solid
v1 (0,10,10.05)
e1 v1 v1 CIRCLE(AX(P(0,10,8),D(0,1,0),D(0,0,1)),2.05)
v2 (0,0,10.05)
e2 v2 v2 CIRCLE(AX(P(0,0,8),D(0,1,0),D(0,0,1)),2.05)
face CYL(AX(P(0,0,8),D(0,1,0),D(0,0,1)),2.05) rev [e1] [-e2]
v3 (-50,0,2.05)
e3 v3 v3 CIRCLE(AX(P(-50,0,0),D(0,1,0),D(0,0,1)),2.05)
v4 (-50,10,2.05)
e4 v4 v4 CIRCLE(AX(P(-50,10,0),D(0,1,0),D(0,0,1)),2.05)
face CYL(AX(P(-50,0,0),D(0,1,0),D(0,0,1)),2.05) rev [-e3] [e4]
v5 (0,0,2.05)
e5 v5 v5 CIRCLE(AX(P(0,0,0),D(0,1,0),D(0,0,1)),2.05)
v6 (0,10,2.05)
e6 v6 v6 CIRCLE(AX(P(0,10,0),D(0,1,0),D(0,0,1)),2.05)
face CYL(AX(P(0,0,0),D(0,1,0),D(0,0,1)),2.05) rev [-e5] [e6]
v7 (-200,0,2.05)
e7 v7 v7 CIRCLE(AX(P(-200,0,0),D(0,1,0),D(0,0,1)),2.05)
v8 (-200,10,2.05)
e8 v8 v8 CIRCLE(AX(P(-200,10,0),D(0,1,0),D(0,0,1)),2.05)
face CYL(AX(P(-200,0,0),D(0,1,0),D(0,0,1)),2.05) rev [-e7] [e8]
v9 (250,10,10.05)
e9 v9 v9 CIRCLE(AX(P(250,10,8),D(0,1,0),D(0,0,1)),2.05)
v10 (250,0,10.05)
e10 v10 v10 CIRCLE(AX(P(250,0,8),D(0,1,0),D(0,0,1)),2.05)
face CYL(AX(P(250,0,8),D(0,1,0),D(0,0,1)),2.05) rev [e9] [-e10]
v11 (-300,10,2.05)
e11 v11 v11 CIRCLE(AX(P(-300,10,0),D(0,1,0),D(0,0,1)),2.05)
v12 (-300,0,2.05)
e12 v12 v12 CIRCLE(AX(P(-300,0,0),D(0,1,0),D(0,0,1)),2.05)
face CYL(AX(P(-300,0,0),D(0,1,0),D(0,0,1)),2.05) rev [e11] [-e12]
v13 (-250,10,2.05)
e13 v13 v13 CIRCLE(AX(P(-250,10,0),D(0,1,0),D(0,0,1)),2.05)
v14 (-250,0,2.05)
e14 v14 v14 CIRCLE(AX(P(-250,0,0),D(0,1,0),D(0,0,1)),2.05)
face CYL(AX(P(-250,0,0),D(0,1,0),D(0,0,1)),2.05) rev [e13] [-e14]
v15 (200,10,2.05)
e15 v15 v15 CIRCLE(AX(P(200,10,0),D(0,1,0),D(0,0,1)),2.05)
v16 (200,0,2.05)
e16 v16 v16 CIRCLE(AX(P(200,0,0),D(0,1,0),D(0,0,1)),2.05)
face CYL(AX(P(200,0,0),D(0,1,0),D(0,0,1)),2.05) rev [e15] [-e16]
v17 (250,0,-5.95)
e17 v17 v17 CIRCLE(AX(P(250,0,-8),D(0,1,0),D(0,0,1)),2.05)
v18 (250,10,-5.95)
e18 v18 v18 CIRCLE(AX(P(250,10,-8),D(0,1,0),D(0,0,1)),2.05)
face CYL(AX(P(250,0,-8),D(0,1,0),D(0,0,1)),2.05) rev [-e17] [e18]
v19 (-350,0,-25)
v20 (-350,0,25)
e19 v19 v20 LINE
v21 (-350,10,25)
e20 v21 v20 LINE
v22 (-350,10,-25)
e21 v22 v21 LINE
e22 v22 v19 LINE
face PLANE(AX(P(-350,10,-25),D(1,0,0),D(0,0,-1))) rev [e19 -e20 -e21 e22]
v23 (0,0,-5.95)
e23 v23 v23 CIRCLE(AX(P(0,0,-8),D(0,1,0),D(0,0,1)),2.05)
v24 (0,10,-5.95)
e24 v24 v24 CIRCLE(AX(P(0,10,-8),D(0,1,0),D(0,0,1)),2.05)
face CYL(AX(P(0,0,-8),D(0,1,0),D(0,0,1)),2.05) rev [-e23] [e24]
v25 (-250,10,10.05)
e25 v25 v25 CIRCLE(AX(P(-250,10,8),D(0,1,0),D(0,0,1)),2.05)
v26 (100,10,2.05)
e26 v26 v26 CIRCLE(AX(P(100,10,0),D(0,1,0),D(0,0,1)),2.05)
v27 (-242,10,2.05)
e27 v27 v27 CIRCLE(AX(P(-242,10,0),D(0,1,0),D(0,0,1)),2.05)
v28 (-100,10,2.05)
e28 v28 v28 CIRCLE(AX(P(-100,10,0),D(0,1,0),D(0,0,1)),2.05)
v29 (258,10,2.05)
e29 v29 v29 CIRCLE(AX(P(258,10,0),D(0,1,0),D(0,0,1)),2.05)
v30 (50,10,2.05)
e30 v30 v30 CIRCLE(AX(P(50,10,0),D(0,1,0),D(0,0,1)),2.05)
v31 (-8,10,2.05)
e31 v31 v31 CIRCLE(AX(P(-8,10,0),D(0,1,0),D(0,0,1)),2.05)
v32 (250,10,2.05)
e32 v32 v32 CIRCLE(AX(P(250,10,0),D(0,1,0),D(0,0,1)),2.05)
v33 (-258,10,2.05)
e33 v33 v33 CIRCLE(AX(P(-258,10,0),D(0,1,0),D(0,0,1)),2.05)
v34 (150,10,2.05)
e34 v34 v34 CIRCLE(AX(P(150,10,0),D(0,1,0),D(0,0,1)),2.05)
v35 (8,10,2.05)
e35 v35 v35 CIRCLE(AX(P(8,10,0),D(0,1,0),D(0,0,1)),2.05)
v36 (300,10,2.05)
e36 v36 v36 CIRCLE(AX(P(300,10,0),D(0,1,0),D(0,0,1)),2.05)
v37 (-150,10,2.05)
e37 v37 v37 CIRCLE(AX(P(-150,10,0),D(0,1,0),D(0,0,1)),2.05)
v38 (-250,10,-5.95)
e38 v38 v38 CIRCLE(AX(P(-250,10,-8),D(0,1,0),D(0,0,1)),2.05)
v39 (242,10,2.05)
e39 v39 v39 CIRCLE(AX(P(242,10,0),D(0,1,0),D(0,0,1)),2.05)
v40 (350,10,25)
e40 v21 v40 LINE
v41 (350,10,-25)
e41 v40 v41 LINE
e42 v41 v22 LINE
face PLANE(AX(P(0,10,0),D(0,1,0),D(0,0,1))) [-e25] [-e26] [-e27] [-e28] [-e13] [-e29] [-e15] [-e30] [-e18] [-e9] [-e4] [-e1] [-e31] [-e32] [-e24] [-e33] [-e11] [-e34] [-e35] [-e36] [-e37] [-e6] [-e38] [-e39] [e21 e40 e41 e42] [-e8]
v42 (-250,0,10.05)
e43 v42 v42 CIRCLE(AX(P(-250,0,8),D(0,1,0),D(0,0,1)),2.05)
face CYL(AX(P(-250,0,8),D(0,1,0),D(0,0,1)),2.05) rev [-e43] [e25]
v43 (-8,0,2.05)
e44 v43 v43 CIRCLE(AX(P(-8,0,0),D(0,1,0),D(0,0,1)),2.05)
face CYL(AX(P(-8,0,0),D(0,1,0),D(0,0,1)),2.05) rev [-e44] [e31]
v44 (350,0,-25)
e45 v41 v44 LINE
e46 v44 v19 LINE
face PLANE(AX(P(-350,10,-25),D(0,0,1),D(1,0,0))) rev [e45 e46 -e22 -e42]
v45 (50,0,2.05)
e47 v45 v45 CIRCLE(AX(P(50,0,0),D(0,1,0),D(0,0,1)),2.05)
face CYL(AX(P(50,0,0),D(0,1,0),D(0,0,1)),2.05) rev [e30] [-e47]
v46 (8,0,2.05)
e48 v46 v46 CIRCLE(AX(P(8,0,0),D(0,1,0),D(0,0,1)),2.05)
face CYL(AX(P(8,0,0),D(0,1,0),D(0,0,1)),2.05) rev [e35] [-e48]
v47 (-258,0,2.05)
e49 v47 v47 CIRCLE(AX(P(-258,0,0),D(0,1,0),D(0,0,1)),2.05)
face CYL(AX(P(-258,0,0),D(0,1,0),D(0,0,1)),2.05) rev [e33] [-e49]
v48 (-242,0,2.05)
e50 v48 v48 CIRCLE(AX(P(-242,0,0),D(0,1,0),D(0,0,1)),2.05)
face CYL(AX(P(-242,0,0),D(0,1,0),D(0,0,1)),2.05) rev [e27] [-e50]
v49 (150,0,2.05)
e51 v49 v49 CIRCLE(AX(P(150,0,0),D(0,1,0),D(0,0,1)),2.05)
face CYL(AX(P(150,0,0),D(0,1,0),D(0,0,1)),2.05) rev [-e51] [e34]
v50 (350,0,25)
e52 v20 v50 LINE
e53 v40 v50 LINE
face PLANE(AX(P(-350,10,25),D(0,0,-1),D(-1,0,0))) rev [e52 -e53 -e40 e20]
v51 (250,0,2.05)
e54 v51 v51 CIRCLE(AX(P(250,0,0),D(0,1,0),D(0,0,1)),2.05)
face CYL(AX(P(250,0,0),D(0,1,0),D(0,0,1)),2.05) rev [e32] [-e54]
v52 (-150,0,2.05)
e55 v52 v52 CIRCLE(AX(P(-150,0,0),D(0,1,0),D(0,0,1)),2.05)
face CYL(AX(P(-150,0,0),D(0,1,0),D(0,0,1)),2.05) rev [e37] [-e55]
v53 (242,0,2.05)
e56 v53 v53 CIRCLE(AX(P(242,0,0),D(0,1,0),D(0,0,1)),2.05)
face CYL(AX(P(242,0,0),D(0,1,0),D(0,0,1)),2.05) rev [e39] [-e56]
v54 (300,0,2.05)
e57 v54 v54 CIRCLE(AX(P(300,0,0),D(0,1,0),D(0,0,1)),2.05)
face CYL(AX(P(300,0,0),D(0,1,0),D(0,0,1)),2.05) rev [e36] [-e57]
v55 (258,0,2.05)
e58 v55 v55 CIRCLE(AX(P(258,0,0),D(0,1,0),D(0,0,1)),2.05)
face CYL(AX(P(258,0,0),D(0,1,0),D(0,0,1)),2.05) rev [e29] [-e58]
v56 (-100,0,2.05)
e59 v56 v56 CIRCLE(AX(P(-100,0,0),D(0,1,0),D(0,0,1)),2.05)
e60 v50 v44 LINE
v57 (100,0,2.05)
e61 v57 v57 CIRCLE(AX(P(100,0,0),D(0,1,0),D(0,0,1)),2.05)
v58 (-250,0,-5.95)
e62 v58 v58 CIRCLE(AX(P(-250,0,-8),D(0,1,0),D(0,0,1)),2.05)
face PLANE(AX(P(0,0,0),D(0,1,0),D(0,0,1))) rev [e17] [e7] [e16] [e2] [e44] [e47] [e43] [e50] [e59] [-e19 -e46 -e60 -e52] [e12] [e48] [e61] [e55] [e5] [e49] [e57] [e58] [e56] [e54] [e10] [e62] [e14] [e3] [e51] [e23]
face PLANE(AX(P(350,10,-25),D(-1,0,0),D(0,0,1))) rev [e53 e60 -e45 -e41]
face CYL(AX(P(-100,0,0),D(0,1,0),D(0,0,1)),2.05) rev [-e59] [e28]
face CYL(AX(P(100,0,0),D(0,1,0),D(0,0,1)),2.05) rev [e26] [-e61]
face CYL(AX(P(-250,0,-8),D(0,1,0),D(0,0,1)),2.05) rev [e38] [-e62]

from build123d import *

# Parameters (mm, degrees)
SKETCH_1_W          = 700
SKETCH_1_H          = 50
EXTRUDE_1_DEPTH     = 10
SKETCH_2_R          = 2.05
CUT_EXTRUDE_2_DEPTH = 352.034186369
SKETCH_3_R          = 2.05
CUT_EXTRUDE_3_DEPTH = 352.034186369


with BuildPart() as part:
    # 草图1 → 凸台-拉伸1 (new body)
    with BuildSketch(Plane(origin=(0, 0, 0), x_dir=(1, 0, 0), z_dir=(0, 1, 0))):
        Rectangle(SKETCH_1_W, SKETCH_1_H)
    extrude(amount=EXTRUDE_1_DEPTH)

    # 草图2 → 切除-拉伸2 (cut, through all)
    with BuildSketch(Plane(origin=(0, 10, 0), x_dir=(1, 0, 0), z_dir=(0, 1, 0))):
        with Locations(Location((-300, 0, 0), (0, 0, 270))):
            Circle(SKETCH_2_R)
        with Locations(Location((-250, 0, 0), (0, 0, 270))):
            Circle(SKETCH_2_R)
        with Locations(Location((-200, 0, 0), (0, 0, 270))):
            Circle(SKETCH_2_R)
        with Locations(Location((-150, 0, 0), (0, 0, 270))):
            Circle(SKETCH_2_R)
        with Locations(Location((-100, 0, 0), (0, 0, 270))):
            Circle(SKETCH_2_R)
        with Locations(Location((-50, 0, 0), (0, 0, 270))):
            Circle(SKETCH_2_R)
        with Locations(Location((0, 0, 0), (0, 0, 270))):
            Circle(SKETCH_2_R)
        with Locations(Location((50, 0, 0), (0, 0, 270))):
            Circle(SKETCH_2_R)
        with Locations(Location((100, 0, 0), (0, 0, 270))):
            Circle(SKETCH_2_R)
        with Locations(Location((150, 0, 0), (0, 0, 270))):
            Circle(SKETCH_2_R)
        with Locations(Location((200, 0, 0), (0, 0, 270))):
            Circle(SKETCH_2_R)
        with Locations(Location((250, 0, 0), (0, 0, 270))):
            Circle(SKETCH_2_R)
        with Locations(Location((300, 0, 0), (0, 0, 270))):
            Circle(SKETCH_2_R)
    extrude(amount=-CUT_EXTRUDE_2_DEPTH, mode=Mode.SUBTRACT)

    # 草图3 → 切除-拉伸3 (cut, through all)
    with BuildSketch(Plane(origin=(0, 10, 0), x_dir=(1, 0, 0), z_dir=(0, 1, 0))):
        with Locations(Location((-242, 0, 0), (0, 0, 270))):
            Circle(SKETCH_3_R)
        with Locations(Location((-258, 0, 0), (0, 0, 270))):
            Circle(SKETCH_3_R)
        with Locations(Location((-8, 0, 0), (0, 0, 270))):
            Circle(SKETCH_3_R)
        with Locations(Location((8, 0, 0), (0, 0, 270))):
            Circle(SKETCH_3_R)
        with Locations(Location((242, 0, 0), (0, 0, 270))):
            Circle(SKETCH_3_R)
        with Locations(Location((258, 0, 0), (0, 0, 270))):
            Circle(SKETCH_3_R)
        with Locations(Location((-250, 8, 0), (0, 0, 270))):
            Circle(SKETCH_3_R)
        with Locations(Location((-250, -8, 0), (0, 0, 270))):
            Circle(SKETCH_3_R)
        with Locations(Location((0, 8, 0), (0, 0, 270))):
            Circle(SKETCH_3_R)
        with Locations(Location((0, -8, 0), (0, 0, 270))):
            Circle(SKETCH_3_R)
        with Locations(Location((250, 8, 0), (0, 0, 270))):
            Circle(SKETCH_3_R)
        with Locations(Location((250, -8, 0), (0, 0, 270))):
            Circle(SKETCH_3_R)
    extrude(amount=-CUT_EXTRUDE_3_DEPTH, mode=Mode.SUBTRACT)


solid = part.part
